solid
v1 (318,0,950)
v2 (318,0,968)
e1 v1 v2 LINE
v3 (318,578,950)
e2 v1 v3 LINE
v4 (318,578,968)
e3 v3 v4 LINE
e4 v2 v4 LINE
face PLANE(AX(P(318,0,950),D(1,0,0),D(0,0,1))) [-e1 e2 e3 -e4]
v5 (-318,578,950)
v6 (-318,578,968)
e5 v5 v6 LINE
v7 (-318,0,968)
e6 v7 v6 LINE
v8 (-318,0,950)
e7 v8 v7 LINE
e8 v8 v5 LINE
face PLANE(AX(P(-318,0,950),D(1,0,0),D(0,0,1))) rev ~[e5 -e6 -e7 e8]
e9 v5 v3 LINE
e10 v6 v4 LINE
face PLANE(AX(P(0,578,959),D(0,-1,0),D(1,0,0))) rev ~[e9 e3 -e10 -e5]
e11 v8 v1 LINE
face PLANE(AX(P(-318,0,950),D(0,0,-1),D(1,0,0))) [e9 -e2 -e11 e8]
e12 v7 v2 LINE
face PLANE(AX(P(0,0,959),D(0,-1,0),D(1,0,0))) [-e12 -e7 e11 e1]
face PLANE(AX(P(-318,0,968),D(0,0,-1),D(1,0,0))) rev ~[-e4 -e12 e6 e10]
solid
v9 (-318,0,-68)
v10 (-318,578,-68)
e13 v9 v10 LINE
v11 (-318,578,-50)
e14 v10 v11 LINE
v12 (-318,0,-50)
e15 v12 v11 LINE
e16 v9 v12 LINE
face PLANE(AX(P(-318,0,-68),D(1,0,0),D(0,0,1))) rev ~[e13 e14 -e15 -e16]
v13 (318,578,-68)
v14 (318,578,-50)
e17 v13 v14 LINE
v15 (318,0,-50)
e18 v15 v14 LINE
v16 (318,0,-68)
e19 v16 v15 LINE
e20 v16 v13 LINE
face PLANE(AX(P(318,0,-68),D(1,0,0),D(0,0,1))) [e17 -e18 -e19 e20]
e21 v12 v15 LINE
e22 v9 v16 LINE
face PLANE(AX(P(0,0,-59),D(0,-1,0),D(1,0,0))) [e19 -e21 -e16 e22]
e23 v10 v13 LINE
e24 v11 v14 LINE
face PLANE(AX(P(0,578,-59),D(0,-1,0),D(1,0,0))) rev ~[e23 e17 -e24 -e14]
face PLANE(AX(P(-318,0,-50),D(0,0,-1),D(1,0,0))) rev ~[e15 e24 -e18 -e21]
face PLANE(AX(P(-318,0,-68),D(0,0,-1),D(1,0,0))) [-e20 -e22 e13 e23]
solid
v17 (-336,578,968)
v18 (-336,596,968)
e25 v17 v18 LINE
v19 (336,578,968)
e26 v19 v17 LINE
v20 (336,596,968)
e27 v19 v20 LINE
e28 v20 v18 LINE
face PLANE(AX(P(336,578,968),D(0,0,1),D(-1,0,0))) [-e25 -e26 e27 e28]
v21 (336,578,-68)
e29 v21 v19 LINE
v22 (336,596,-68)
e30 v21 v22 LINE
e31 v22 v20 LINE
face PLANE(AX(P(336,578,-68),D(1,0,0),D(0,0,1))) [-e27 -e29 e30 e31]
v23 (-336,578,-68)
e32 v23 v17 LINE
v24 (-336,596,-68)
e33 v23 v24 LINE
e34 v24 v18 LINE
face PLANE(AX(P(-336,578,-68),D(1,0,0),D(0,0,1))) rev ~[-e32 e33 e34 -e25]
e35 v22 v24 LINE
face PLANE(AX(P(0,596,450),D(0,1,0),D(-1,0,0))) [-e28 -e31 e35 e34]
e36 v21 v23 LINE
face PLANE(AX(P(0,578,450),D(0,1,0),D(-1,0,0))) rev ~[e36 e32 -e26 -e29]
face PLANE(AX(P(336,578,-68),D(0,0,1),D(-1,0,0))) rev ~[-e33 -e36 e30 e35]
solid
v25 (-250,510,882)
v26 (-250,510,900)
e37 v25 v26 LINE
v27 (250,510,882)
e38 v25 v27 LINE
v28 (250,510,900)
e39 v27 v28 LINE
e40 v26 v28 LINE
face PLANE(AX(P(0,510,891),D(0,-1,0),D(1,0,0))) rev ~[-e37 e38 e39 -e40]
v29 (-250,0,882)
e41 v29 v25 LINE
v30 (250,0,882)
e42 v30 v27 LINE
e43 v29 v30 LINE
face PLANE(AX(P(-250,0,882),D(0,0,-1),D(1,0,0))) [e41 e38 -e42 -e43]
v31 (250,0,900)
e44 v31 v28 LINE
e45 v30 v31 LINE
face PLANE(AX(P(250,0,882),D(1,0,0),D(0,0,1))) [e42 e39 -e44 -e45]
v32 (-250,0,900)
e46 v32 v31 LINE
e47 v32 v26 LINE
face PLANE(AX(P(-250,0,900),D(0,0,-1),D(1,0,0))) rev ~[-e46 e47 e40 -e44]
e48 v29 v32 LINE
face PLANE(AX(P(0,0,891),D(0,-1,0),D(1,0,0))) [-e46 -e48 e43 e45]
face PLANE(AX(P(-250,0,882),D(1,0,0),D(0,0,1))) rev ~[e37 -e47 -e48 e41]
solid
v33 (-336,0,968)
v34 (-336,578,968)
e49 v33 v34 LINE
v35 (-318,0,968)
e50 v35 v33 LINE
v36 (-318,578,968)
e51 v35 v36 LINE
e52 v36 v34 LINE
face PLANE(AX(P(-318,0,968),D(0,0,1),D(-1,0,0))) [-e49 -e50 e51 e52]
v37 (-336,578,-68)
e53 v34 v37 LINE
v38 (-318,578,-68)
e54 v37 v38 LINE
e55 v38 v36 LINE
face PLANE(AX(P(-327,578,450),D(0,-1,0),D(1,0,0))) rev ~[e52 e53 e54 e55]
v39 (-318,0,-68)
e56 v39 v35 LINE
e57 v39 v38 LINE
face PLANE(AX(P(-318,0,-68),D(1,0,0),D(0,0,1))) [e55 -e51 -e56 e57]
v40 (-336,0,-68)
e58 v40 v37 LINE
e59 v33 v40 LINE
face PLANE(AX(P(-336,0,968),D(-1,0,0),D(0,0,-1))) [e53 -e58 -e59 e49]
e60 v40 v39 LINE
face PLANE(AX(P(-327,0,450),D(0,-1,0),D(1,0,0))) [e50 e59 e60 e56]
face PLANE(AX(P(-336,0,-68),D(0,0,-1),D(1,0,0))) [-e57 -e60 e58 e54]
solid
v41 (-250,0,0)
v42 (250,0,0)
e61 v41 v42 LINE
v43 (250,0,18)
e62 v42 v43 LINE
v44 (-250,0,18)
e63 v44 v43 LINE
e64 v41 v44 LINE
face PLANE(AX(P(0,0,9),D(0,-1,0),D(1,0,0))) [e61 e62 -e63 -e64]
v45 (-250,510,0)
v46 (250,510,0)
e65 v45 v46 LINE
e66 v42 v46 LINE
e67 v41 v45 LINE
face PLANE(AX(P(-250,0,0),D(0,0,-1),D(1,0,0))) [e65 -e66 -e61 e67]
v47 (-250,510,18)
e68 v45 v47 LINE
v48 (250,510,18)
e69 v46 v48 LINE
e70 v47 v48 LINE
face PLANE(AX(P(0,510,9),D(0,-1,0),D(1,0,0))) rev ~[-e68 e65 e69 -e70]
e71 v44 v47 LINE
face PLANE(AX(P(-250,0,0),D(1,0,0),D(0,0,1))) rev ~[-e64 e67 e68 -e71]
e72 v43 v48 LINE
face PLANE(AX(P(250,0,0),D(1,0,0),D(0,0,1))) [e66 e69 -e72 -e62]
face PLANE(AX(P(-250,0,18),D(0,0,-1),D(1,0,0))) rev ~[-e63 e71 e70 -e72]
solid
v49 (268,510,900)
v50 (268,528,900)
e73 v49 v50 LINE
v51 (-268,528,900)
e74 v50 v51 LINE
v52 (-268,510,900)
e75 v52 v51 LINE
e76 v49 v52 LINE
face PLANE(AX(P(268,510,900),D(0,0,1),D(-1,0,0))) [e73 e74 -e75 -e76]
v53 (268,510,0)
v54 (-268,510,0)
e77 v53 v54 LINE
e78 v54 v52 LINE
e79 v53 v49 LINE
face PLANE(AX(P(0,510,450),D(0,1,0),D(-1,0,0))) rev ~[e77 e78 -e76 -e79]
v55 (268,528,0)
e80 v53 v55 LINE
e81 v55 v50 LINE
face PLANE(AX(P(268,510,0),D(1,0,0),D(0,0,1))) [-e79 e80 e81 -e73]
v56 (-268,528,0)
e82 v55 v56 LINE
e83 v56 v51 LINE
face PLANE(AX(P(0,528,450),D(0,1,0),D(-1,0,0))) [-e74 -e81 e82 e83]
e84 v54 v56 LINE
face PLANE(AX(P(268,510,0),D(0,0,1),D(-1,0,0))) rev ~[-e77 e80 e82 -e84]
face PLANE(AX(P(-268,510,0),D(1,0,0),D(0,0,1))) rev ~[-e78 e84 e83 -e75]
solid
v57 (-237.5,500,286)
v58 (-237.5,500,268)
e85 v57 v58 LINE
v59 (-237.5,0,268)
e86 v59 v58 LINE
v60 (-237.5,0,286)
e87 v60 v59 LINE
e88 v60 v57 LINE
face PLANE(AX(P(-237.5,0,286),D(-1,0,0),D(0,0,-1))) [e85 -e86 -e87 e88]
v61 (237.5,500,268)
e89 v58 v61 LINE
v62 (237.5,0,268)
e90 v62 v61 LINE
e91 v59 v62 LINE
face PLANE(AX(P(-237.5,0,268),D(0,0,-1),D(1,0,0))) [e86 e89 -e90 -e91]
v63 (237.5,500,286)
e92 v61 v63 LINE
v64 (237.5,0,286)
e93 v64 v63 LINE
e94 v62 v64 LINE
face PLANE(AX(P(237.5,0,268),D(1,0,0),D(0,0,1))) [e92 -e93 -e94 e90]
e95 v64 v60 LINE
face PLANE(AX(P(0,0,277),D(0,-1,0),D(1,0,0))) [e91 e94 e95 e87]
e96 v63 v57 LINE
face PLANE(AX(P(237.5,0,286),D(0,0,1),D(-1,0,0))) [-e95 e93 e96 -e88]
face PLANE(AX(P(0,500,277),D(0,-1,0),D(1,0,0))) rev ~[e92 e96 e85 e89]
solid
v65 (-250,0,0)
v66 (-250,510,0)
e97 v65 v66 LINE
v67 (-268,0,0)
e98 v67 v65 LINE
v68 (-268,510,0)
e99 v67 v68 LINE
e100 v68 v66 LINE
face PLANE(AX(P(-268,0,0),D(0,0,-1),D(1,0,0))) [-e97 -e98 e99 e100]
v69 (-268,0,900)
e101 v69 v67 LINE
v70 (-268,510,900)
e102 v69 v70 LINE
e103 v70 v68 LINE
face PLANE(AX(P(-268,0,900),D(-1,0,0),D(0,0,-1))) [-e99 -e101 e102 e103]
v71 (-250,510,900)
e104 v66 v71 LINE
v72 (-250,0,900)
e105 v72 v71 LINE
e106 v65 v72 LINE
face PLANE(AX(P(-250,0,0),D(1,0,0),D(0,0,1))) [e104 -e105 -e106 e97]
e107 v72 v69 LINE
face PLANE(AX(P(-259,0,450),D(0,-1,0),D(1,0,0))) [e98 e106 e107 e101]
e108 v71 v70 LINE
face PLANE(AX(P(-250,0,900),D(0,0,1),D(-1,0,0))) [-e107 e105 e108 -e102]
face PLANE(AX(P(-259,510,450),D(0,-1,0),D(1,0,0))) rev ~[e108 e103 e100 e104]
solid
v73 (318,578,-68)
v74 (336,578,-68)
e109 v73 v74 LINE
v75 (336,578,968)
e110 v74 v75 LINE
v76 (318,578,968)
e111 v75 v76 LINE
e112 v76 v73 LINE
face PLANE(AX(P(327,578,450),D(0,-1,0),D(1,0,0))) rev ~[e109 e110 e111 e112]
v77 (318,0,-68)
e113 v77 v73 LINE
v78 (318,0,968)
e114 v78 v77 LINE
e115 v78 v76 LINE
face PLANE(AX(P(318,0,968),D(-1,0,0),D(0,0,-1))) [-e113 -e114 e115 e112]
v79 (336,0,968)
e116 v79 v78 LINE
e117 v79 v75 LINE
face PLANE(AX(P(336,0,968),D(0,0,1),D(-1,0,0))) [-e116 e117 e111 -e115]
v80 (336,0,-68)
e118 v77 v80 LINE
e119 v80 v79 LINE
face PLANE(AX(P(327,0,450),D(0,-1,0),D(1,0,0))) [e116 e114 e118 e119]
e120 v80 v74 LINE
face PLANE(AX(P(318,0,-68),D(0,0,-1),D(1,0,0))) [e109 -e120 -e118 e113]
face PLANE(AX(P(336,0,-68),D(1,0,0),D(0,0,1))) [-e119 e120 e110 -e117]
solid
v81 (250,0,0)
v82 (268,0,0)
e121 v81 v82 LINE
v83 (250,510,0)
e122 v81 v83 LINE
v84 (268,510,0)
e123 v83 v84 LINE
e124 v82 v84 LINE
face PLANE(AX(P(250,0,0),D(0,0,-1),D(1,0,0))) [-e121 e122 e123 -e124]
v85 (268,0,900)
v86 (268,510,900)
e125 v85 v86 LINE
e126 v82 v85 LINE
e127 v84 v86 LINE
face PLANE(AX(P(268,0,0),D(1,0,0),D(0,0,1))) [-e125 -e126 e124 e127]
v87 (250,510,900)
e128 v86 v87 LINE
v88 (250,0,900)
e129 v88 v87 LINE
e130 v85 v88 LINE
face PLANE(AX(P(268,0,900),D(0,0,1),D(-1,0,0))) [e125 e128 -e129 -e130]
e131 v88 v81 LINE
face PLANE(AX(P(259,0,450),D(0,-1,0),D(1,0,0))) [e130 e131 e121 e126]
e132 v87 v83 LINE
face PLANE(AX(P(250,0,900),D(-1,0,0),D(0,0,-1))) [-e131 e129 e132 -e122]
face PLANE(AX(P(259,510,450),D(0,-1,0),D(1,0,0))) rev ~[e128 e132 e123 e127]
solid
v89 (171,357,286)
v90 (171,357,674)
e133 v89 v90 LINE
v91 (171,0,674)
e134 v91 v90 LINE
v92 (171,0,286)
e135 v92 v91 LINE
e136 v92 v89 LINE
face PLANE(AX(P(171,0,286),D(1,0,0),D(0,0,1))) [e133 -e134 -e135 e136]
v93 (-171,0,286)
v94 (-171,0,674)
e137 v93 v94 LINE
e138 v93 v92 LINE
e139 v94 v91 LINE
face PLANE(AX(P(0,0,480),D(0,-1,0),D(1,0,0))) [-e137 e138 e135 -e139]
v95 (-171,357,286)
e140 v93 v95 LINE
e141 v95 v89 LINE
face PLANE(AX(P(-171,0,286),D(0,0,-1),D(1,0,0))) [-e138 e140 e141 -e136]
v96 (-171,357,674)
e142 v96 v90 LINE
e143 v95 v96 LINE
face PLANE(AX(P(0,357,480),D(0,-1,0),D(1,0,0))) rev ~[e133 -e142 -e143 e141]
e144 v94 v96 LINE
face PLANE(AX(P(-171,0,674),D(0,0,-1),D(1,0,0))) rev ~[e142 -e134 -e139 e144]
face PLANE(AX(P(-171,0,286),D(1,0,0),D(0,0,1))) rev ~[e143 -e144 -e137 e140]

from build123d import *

# Parameters (mm, degrees)
F0_W      = 500
F0_H      = 18
F1_DEPTH  = 510
F2_DEPTH  = 500
F3_DEPTH  = 510
F4_DEPTH  = 510
F5_DEPTH  = 510
F6_W      = 342
F6_H      = 388
F7_DEPTH  = 357
F8_W      = 536
F8_H      = 900
F9_DEPTH  = 18
F10_DEPTH = 578
F0_W_2    = 636
F11_DEPTH = 578
F12_DEPTH = 578
F13_DEPTH = 578
F14_W     = 672
F14_H     = 1036
F15_DEPTH = 18


with BuildPart() as f1:
    # F0 (on Front) → F1 (new body)
    with BuildSketch(Plane.XZ):
        with Locations((0, 9)):
            Rectangle(F0_W, F0_H)
    extrude(amount=-F1_DEPTH)


with BuildPart() as f2:
    # F0 (on Front) → F2 (new body)
    with BuildSketch(Plane.XZ):
        Polygon((-237.5, 286), (-237.5, 268), (237.5, 268), (237.5, 286), (219.5, 286), (-219.5, 286), align=None)
    extrude(amount=-F2_DEPTH)


with BuildPart() as f3:
    # F0 (on Front) → F3 (new body)
    with BuildSketch(Plane.XZ):
        Polygon((-268, 0), (-250, 0), (-250, 18), (-250, 882), (-250, 900), (-268, 900), align=None)
    extrude(amount=-F3_DEPTH)


with BuildPart() as f4:
    # F0 (on Front) → F4 (new body)
    with BuildSketch(Plane.XZ):
        Polygon((250, 18), (250, 0), (268, 0), (268, 900), (250, 900), (250, 882), align=None)
    extrude(amount=-F4_DEPTH)


with BuildPart() as f5:
    # F0 (on Front) → F5 (new body)
    with BuildSketch(Plane.XZ):
        with Locations((0, 891)):
            Rectangle(F0_W, F0_H)
    extrude(amount=-F5_DEPTH)


with BuildPart() as f7:
    # F6 (on Front) → F7 (new body)
    with BuildSketch(Plane.XZ):
        with Locations((0, 480)):
            Rectangle(F6_W, F6_H)
    extrude(amount=-F7_DEPTH)


with BuildPart() as f9:
    # F8 (on face) → F9 (new body)
    with BuildSketch(Plane(origin=(0, 510, 0), x_dir=(-1, 0, 0), z_dir=(0, 1, 0))):
        with Locations((0, 450)):
            Rectangle(F8_W, F8_H)
    extrude(amount=F9_DEPTH)


with BuildPart() as f10:
    # F0 (on Front) → F10 (new body)
    with BuildSketch(Plane.XZ):
        Polygon((-318, 950), (-318, 968), (-336, 968), (-336, -68), (-318, -68), (-318, -50), align=None)
    extrude(amount=-F10_DEPTH)


with BuildPart() as f11:
    # F0 (on Front) → F11 (new body)
    with BuildSketch(Plane.XZ):
        with Locations((0, 959)):
            Rectangle(F0_W_2, F0_H)
    extrude(amount=-F11_DEPTH)


with BuildPart() as f12:
    # F0 (on Front) → F12 (new body)
    with BuildSketch(Plane.XZ):
        with Locations((0, -59)):
            Rectangle(F0_W_2, F0_H)
    extrude(amount=-F12_DEPTH)


with BuildPart() as f13:
    # F0 (on Front) → F13 (new body)
    with BuildSketch(Plane.XZ):
        Polygon((336, 968), (318, 968), (318, 950), (318, -50), (318, -68), (336, -68), align=None)
    extrude(amount=-F13_DEPTH)


with BuildPart() as f15:
    # F14 (on face) → F15 (new body)
    with BuildSketch(Plane(origin=(0, 578, 0), x_dir=(-1, 0, 0), z_dir=(0, 1, 0))):
        with Locations((0, 450)):
            Rectangle(F14_W, F14_H)
    extrude(amount=F15_DEPTH)


solid = Compound([f1.part, f2.part, f3.part, f4.part, f5.part, f7.part, f9.part, f10.part, f11.part, f12.part, f13.part, f15.part])
